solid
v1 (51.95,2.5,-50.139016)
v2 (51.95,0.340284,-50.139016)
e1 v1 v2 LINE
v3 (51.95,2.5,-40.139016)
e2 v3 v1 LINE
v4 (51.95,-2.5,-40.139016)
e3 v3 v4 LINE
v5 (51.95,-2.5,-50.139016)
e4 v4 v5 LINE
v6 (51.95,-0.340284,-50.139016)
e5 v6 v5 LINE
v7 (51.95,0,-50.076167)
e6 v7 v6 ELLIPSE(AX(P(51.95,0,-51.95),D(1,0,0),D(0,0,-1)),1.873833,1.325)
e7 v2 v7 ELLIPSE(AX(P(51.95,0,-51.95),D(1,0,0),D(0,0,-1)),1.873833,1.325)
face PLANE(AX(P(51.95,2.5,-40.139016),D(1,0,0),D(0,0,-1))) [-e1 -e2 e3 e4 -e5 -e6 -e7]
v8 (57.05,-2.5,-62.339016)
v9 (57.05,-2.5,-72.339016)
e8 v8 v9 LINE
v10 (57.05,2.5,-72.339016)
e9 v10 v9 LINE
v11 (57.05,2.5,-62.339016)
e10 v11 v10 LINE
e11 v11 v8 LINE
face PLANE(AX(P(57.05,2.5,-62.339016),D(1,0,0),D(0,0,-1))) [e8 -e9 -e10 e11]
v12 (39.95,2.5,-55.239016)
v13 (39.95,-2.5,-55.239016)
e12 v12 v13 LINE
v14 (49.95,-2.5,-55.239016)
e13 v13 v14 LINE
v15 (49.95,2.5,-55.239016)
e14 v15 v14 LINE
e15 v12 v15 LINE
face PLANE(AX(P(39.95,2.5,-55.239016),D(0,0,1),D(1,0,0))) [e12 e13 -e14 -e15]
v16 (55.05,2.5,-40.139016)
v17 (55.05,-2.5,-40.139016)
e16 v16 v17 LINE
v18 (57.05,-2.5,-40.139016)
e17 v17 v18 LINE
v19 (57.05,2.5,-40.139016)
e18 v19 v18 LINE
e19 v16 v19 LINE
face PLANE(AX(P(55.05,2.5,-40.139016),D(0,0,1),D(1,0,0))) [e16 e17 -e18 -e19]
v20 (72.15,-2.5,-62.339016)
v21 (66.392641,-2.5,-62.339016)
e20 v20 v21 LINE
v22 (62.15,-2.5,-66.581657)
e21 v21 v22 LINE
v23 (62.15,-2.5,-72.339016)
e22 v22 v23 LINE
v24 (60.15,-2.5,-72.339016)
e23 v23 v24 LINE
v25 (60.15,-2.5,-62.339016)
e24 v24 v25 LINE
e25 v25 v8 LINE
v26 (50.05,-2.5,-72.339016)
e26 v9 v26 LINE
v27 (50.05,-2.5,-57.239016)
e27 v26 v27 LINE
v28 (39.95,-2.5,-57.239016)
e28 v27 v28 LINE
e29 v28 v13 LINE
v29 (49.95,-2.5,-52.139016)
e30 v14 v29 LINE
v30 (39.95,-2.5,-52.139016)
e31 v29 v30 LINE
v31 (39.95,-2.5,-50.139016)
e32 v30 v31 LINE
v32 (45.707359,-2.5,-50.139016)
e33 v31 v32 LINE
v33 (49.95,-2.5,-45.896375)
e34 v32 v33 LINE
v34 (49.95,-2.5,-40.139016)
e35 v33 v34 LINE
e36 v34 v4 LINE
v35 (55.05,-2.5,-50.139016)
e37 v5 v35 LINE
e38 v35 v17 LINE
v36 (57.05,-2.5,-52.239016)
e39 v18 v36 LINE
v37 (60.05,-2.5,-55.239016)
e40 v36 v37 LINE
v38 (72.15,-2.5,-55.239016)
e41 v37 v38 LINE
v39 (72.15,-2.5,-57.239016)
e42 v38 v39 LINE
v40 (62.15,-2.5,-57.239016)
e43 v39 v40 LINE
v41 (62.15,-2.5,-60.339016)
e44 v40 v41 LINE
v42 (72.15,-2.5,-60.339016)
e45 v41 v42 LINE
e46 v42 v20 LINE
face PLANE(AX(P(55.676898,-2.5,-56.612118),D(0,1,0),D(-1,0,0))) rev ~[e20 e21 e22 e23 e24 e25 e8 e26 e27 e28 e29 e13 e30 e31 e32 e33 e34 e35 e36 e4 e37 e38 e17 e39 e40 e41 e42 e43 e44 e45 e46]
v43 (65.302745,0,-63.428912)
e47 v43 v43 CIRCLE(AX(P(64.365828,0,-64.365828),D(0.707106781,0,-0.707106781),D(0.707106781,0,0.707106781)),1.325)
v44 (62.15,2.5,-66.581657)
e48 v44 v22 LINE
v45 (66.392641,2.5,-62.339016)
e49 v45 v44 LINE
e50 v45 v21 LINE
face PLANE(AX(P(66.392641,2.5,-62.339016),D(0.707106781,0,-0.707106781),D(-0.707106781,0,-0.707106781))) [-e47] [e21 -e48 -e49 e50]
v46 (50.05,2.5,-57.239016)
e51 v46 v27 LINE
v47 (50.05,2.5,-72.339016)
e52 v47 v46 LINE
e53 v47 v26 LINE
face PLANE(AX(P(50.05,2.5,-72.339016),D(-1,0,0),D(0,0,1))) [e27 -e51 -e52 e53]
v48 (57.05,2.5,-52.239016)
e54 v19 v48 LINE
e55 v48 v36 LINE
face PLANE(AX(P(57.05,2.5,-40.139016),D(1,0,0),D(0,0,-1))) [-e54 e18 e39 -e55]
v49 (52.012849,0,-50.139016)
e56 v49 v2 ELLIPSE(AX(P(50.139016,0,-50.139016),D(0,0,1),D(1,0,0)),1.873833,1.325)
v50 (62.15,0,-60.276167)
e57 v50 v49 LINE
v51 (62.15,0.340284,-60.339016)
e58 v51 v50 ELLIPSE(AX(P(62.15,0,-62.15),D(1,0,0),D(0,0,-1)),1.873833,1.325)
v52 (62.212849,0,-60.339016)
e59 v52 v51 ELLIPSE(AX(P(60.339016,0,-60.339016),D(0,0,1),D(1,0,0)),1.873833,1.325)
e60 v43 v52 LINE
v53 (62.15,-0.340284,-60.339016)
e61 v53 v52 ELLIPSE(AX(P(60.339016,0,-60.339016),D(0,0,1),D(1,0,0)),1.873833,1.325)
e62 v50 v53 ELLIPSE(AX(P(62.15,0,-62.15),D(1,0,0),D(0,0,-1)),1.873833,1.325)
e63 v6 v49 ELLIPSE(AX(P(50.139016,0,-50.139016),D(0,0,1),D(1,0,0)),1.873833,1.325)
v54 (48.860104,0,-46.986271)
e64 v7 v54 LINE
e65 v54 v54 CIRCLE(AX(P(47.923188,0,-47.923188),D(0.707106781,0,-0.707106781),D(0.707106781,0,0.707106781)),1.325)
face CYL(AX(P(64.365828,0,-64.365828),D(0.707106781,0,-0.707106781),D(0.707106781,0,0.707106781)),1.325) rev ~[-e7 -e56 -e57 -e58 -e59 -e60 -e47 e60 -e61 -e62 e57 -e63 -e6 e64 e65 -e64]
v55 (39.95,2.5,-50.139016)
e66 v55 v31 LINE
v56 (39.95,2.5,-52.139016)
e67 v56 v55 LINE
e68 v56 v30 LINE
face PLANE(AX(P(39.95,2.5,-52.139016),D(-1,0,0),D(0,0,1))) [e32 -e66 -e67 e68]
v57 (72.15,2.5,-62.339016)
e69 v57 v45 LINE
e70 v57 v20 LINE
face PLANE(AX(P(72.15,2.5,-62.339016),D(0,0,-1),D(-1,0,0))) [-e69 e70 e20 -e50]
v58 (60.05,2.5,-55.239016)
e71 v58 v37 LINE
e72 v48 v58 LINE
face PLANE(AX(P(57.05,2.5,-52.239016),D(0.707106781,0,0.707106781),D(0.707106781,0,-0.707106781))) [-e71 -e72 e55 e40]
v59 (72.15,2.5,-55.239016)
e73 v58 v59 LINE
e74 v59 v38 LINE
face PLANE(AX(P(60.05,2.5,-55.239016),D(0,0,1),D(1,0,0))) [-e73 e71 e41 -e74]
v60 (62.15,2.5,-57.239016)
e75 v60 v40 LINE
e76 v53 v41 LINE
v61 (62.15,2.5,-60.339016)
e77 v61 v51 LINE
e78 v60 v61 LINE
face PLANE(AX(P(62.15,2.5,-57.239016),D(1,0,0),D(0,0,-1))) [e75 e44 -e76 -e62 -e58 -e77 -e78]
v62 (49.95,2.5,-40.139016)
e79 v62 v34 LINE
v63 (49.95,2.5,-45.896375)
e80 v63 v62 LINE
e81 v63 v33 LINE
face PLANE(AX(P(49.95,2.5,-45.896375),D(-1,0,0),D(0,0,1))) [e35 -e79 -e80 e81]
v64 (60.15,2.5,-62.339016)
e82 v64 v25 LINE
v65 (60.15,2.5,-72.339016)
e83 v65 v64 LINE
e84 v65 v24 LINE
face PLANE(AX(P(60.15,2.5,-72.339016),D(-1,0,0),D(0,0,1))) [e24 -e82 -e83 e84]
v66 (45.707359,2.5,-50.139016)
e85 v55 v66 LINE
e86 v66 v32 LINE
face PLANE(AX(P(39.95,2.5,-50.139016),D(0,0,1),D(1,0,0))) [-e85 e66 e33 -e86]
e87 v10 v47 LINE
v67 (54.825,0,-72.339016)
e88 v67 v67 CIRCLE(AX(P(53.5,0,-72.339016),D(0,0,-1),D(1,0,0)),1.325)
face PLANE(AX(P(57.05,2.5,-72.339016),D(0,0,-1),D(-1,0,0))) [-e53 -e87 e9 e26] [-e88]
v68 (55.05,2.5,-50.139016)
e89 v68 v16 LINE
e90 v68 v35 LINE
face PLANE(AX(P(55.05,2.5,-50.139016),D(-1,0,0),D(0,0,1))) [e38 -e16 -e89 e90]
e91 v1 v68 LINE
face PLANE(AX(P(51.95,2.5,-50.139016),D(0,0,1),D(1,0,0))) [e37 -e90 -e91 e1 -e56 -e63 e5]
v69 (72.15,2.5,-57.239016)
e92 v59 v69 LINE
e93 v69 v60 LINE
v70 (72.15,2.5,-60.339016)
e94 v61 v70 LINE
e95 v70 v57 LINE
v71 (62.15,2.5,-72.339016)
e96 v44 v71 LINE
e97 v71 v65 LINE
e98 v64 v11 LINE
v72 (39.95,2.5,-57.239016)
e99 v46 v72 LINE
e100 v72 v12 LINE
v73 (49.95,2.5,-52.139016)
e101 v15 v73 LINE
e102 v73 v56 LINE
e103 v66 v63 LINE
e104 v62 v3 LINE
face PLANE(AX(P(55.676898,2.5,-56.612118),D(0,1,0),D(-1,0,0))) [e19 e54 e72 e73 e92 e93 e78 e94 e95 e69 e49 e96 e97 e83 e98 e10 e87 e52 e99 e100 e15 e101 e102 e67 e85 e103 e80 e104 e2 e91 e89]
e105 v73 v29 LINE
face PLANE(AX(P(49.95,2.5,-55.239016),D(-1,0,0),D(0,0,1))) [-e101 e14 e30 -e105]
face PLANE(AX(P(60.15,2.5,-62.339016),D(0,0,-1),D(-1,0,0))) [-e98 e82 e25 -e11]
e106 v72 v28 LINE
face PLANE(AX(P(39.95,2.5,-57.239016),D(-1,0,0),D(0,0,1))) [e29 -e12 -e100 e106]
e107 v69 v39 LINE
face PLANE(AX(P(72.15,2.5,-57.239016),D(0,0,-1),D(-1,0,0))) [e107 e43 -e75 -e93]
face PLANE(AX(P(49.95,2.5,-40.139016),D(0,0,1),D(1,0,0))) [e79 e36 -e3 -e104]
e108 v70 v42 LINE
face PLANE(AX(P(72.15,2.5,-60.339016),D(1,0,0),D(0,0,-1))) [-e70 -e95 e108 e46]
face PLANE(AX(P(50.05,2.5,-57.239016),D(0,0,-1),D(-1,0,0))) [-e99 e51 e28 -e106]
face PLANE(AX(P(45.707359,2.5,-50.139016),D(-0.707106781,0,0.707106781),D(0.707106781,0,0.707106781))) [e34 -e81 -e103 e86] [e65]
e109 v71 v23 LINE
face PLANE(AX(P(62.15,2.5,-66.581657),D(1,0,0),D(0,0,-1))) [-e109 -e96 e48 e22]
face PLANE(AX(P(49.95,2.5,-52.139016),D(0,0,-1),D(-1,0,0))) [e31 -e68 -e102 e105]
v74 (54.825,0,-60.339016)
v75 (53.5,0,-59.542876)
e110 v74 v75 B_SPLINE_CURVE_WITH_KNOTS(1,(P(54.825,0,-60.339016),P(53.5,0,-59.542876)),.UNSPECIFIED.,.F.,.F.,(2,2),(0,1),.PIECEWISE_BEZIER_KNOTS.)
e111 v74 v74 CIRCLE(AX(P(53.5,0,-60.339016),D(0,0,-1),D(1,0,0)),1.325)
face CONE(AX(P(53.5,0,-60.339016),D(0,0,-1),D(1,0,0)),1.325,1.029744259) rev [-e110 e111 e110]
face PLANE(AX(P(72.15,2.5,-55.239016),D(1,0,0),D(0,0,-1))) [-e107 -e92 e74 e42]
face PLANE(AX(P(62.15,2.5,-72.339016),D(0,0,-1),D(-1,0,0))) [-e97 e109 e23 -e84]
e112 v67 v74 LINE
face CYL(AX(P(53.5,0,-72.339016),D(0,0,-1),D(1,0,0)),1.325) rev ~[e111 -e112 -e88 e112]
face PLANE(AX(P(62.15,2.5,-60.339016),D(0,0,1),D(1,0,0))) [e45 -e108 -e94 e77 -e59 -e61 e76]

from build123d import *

# Parameters (mm, degrees)
PAD004_DEPTH   = 5
SKETCH009_R    = 1.325
HOLE004_DEPTH  = 34.3965410847
SKETCH010_R    = 1.325
HOLE005_DEPTH  = 12
HOLE005_TIPS_R = 1.325


with BuildPart() as part:
    # Sketch008 → Pad004 (new body)
    with BuildSketch(Plane.XZ.offset(-2.5)):
        Polygon((49.95, -40.139016), (51.95, -40.139016), (51.95, -50.139016), (55.05, -50.139016), (55.05, -40.139016), (57.05, -40.139016), (57.05, -52.239016), (60.05, -55.239016), (72.15, -55.239016), (72.15, -57.239016), (62.15, -57.239016), (62.15, -60.339016), (72.15, -60.339016), (72.15, -62.339016), (66.3926406871, -62.339016), (62.15, -66.5816566871), (62.15, -72.339016), (60.15, -72.339016), (60.15, -62.339016), (57.05, -62.339016), (57.05, -72.339016), (50.05, -72.339016), (50.05, -57.239016), (39.95, -57.239016), (39.95, -55.239016), (49.95, -55.239016), (49.95, -52.139016), (39.95, -52.139016), (39.95, -50.139016), (45.7073593129, -50.139016), (49.95, -45.8963753129), align=None)
    extrude(amount=PAD004_DEPTH)

    # Sketch009 (on Face7 of Pad004) → Hole004 (cut, through all)
    with BuildSketch(Plane(origin=(64.3658283436, 0, -64.3658283436), x_dir=(0.7071067812, 0, 0.7071067812), z_dir=(0.7071067812, 0, -0.7071067812))):
        Circle(SKETCH009_R)
    extrude(amount=-HOLE004_DEPTH, mode=Mode.SUBTRACT)

    # Sketch010 (on Face17 of Hole004) → Hole005 (cut)
    with BuildSketch(Plane(origin=(0, 0, -72.339016), x_dir=(1, 0, 0), z_dir=(0, 0, -1))):
        with Locations((53.5, 0)):
            Circle(SKETCH010_R)
    extrude(amount=-HOLE005_DEPTH, mode=Mode.SUBTRACT)

    # Hole005 tips → Hole005 tip 1 section 0
    with BuildSketch(Plane(origin=(0, 0, -60.339016), x_dir=(1, 0, 0), z_dir=(0, 0, -1)), mode=Mode.PRIVATE) as hole005_tip_1_s0:
        with Locations((53.5, 0)):
            Circle(HOLE005_TIPS_R)
    loft([hole005_tip_1_s0.sketch, Vertex(53.5, 0, -59.5428756798)], mode=Mode.SUBTRACT)


solid = part.part
